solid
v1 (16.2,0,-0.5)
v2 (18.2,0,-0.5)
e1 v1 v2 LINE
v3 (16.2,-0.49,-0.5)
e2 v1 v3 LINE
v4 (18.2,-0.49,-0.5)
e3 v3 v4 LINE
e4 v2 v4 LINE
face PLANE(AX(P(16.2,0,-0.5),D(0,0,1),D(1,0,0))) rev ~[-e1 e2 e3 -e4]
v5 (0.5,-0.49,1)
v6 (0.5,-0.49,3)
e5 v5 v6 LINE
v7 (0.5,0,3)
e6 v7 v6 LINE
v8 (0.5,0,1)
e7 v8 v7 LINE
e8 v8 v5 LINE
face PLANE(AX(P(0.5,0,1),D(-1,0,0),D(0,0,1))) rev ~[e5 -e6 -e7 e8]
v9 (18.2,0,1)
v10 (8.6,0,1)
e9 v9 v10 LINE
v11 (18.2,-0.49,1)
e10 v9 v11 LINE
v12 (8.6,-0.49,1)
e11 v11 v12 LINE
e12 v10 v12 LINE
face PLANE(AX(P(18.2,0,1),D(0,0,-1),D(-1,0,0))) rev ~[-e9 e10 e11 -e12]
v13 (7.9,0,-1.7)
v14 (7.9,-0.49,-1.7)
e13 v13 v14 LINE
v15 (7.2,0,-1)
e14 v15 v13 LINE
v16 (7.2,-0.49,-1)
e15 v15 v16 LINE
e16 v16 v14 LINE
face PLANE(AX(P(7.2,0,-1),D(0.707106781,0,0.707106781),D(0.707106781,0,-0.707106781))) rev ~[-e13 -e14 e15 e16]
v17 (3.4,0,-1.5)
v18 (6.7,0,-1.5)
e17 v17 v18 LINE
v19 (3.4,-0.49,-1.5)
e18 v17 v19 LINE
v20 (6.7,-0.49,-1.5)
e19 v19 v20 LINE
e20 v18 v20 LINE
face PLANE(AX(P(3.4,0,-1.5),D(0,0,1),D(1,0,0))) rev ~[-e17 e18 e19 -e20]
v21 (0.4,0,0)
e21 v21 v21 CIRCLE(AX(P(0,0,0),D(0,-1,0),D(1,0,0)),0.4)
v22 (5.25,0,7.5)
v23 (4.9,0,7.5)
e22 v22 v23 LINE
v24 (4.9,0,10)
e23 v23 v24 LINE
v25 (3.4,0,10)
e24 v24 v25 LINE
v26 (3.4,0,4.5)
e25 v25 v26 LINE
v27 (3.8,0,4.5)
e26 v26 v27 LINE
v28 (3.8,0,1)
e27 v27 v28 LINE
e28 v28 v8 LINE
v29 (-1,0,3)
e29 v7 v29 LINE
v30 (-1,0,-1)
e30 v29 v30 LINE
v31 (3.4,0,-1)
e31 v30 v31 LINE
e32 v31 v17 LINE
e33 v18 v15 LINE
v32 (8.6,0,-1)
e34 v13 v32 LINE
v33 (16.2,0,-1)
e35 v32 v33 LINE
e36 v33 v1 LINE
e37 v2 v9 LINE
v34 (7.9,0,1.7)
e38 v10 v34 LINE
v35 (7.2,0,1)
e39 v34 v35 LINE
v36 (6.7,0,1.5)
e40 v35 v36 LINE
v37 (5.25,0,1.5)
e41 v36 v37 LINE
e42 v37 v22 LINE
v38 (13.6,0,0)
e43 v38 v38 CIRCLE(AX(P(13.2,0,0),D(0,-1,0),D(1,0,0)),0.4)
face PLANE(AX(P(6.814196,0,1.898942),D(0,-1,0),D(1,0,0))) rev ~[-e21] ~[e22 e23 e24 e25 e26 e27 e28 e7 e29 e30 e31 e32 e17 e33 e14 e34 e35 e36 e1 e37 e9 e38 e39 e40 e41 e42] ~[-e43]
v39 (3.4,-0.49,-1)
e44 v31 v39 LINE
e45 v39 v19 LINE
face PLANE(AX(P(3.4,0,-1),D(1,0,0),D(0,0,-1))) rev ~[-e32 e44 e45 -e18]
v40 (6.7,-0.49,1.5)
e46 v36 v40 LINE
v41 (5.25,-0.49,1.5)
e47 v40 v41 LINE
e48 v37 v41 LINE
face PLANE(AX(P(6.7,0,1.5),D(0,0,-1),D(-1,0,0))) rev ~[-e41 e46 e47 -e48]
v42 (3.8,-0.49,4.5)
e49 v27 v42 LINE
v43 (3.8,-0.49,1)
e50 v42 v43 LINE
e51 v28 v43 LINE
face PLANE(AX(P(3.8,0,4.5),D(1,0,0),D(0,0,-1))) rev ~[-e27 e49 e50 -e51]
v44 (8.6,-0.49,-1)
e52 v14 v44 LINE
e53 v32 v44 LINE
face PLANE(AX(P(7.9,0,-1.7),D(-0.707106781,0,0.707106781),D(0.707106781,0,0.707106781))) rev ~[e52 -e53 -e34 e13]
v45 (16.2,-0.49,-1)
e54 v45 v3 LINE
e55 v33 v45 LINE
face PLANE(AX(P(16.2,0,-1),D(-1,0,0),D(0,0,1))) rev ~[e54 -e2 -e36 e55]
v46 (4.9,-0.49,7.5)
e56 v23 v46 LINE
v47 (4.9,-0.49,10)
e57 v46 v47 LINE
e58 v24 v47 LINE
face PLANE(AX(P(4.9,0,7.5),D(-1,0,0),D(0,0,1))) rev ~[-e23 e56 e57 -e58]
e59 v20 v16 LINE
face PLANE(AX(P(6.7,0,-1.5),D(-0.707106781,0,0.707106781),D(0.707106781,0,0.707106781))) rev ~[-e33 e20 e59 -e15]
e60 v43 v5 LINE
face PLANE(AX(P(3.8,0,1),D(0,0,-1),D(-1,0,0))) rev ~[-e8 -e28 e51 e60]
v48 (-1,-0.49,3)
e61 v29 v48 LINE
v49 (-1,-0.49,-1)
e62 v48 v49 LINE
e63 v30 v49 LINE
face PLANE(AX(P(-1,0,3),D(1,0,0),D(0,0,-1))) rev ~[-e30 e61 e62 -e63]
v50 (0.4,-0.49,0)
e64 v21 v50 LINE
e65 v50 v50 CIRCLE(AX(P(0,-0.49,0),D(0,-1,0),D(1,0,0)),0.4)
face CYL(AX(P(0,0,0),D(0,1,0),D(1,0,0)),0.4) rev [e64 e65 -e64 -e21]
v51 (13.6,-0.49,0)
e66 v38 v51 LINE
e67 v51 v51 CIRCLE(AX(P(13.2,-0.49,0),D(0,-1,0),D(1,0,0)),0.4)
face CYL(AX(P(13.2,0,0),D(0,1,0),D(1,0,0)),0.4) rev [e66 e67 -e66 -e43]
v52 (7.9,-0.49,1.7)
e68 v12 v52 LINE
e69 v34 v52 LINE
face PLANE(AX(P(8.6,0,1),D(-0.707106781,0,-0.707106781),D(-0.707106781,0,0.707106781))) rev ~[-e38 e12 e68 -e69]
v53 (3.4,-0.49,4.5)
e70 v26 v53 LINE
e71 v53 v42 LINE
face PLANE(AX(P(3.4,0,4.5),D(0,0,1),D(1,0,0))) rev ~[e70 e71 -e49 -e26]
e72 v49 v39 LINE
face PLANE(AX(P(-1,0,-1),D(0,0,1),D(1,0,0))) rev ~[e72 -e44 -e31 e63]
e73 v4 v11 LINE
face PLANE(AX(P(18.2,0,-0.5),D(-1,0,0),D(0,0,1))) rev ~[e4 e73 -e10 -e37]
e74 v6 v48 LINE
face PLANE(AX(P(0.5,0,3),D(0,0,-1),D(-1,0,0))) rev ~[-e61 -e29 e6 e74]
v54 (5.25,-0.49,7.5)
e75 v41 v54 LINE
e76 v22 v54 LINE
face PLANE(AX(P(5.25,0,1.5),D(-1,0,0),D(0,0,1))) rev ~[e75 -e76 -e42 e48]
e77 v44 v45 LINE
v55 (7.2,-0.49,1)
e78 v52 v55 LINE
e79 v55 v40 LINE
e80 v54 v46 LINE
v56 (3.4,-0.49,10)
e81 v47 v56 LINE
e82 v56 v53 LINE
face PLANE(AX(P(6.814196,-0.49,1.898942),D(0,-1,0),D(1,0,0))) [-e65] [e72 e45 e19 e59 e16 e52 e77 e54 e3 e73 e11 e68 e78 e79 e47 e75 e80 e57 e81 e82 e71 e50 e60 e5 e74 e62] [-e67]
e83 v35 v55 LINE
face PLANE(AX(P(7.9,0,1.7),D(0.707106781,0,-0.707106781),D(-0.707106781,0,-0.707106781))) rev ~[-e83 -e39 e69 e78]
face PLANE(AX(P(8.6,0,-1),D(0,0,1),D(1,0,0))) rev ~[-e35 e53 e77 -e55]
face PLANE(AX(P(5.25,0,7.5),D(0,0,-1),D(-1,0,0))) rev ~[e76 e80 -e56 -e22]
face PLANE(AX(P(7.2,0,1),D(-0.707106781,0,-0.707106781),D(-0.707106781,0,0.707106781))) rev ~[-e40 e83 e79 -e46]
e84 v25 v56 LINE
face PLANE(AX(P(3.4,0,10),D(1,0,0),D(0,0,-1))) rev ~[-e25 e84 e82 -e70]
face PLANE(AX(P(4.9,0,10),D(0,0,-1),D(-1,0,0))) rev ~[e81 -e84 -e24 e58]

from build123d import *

# Parameters (mm, degrees)
F0_R     = 0.4
F1_DEPTH = 0.49


with BuildPart() as f1:
    # F0 (on Front) → F1 (new body)
    with BuildSketch(Plane.XZ):
        Polygon((0.5, 3), (-1, 3), (-1, -1), (3.4, -1), (3.4, -1.5), (6.7, -1.5), (7.2, -1), (7.9, -1.7), (8.6, -1), (16.2, -1), (16.2, -0.5), (18.2, -0.5), (18.2, 1), (8.6, 1), (7.9, 1.7), (7.2, 1), (6.7, 1.5), (5.25, 1.5), (5.25, 7.5), (4.9, 7.5), (4.9, 10), (3.4, 10), (3.4, 4.5), (3.8, 4.5), (3.8, 1), (0.5, 1), align=None)
        Circle(F0_R, mode=Mode.SUBTRACT)
        with Locations((13.2, 0)):
            Circle(F0_R, mode=Mode.SUBTRACT)
    extrude(amount=F1_DEPTH)


solid = f1.part
